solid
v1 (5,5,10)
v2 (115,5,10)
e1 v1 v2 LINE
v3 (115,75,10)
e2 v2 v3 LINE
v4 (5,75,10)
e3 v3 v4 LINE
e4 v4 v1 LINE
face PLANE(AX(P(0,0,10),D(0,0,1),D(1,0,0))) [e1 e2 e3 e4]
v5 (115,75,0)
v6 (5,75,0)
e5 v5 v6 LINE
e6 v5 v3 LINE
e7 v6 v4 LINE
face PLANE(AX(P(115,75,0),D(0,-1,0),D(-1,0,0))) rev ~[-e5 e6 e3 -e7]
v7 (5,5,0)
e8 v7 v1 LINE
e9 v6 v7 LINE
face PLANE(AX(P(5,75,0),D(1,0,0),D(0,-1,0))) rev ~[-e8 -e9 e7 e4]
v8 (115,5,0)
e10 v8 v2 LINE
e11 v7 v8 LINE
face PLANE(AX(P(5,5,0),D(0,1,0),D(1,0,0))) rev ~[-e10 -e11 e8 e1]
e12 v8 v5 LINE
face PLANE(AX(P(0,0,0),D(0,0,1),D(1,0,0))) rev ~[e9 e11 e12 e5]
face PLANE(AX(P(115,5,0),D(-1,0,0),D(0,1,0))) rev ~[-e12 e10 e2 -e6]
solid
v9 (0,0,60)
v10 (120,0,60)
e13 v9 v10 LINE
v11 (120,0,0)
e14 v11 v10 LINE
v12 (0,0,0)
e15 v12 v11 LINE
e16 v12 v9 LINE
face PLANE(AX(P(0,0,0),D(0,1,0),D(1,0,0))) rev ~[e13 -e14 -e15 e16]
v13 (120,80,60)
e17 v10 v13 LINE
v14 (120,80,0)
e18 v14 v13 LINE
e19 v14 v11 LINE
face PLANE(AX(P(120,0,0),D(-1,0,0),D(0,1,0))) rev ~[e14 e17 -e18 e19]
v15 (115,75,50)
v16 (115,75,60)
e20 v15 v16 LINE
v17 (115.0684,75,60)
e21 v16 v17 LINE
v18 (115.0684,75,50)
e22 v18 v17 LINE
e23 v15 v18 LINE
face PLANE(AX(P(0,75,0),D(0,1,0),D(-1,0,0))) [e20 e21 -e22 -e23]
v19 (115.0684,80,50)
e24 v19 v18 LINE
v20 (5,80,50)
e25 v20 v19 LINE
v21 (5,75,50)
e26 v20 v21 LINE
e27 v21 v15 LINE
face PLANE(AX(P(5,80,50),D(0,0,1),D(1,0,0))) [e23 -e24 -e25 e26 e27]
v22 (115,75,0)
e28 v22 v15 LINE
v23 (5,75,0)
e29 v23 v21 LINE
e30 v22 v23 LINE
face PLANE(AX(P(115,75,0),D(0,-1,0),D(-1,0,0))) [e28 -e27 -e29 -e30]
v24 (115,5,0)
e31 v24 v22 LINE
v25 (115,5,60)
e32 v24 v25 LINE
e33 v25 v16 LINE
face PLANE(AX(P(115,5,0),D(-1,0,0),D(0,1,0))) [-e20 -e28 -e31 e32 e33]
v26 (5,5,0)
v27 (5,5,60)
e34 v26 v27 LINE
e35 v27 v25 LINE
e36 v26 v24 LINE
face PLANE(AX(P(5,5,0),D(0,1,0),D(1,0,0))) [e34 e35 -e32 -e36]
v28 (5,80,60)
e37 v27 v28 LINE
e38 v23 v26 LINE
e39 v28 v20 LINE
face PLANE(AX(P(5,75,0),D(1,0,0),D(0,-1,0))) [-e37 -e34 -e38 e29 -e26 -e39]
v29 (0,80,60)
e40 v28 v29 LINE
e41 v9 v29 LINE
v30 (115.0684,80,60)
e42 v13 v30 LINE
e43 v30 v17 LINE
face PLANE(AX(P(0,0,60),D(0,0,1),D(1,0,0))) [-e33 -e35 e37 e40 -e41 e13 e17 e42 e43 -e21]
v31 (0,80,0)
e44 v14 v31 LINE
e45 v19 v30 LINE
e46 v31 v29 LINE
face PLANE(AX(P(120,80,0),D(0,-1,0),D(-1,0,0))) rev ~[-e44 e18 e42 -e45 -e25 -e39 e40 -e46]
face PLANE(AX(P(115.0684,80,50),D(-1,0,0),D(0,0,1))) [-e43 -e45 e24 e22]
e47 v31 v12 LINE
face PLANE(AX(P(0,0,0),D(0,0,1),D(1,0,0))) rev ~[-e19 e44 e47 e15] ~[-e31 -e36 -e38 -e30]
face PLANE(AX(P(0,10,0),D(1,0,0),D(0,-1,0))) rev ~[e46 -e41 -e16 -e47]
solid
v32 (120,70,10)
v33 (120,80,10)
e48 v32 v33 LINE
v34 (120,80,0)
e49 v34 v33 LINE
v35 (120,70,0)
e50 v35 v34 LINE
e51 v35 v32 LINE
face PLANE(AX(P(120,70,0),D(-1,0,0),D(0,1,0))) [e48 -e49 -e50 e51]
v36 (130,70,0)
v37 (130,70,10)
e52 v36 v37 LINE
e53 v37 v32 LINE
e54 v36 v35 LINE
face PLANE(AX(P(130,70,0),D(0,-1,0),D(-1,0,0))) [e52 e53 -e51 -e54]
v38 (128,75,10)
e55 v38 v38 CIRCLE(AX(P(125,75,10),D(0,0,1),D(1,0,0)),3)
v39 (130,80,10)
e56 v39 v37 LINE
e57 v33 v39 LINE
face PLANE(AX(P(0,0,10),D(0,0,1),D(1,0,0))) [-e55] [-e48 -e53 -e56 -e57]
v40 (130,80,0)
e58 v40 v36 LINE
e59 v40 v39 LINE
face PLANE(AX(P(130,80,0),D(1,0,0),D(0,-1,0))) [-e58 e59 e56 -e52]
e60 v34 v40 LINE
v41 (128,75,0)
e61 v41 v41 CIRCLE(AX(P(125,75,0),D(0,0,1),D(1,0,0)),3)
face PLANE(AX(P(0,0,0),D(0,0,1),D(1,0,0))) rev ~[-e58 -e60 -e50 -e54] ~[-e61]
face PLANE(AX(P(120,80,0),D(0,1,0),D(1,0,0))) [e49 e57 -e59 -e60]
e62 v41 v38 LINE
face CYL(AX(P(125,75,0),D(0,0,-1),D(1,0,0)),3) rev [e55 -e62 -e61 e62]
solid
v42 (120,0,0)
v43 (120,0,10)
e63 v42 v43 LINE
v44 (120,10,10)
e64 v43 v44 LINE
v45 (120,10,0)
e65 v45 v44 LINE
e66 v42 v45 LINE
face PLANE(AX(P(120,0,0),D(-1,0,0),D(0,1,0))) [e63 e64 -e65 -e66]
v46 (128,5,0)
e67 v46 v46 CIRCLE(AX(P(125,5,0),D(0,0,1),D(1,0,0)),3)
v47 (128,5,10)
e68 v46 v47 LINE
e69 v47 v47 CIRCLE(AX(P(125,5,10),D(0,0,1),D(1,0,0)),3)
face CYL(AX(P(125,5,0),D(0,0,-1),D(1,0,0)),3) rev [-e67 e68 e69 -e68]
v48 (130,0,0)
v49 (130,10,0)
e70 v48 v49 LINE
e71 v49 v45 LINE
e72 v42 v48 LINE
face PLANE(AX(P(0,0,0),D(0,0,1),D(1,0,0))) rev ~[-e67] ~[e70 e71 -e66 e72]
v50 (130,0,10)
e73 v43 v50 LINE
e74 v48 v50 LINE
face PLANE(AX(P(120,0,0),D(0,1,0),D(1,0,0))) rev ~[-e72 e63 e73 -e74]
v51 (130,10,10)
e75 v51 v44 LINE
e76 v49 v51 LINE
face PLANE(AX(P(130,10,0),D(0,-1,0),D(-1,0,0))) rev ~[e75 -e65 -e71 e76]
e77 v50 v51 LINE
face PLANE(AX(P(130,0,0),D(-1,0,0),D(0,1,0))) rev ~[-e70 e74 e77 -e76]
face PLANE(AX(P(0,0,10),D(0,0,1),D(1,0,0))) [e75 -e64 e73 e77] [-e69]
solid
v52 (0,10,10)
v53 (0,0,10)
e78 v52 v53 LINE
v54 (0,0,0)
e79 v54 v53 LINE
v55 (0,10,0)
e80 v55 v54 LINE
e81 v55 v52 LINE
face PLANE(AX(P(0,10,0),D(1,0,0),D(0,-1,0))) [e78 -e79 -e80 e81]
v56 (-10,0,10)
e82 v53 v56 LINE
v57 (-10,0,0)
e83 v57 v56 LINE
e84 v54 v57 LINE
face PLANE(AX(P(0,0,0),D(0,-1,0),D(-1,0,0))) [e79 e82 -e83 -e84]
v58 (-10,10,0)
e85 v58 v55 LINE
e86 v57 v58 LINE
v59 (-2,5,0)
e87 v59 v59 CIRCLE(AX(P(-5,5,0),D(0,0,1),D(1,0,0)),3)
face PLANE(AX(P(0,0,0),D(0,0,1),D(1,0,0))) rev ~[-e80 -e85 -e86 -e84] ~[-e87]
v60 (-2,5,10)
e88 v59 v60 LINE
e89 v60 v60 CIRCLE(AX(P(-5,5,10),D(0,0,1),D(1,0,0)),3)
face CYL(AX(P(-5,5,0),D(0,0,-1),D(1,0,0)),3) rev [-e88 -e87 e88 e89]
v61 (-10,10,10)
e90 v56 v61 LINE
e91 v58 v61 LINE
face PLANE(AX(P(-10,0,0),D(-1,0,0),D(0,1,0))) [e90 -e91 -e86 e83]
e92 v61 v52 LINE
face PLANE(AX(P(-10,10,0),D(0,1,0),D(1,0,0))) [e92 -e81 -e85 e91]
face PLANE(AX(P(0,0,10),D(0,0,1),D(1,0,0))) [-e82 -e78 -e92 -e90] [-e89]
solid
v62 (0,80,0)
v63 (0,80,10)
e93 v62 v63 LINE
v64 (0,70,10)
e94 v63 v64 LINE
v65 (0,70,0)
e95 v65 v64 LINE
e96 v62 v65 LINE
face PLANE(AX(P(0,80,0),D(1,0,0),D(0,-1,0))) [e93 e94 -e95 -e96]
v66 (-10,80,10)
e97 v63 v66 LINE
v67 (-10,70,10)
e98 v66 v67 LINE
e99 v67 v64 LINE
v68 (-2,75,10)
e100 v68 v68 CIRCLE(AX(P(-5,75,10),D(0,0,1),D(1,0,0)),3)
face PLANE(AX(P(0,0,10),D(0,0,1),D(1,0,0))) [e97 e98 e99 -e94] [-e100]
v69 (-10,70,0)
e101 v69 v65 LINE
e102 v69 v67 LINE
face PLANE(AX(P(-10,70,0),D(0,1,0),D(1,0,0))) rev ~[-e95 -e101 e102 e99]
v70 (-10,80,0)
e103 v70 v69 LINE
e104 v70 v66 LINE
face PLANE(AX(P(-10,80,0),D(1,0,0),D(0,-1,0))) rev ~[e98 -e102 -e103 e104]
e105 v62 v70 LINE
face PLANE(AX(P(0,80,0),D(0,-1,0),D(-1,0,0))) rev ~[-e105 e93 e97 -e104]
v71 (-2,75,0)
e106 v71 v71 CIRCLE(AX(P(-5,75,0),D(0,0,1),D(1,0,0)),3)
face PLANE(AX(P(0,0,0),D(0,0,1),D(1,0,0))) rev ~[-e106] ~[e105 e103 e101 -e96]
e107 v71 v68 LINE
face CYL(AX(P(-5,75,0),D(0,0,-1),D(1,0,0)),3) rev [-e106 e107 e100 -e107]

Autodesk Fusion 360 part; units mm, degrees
sketch "Sketch1" plane through (0, 0, 0) normal (0, 0, 1) x (1, 0, 0)
  line L0 (0, 0) -> (120, 0)
  line L1 (120, 0) -> (120, 80)
  line L2 (120, 80) -> (0, 80)
  line L3 (0, 80) -> (0, 0)
  line L4 (120, 80) -> (130, 80)
  line L5 (130, 80) -> (130, 70)
  line L6 (130, 70) -> (120, 70)
  line L7 (120, 70) -> (120, 80)
  line L8 (120, 0) -> (130, 0)
  line L9 (130, 0) -> (130, 10)
  line L10 (130, 10) -> (120, 10)
  line L11 (120, 10) -> (120, 0)
  line L12 (0, 0) -> (-10, 0)
  line L13 (-10, 0) -> (-10, 10)
  line L14 (-10, 10) -> (0, 10)
  line L15 (0, 10) -> (0, 0)
  line L16 (0, 80) -> (-10, 80)
  line L17 (-10, 80) -> (-10, 70)
  line L18 (-10, 70) -> (0, 70)
  line L19 (0, 70) -> (0, 80)
  circle A0 centre (125, 75) radius 3
  circle A1 centre (125, 5) radius 3
  circle A2 centre (-5, 75) radius 3
  circle A3 centre (-5, 5) radius 3
  line L20 (115, 75) -> (5, 75)
  line L21 (5, 75) -> (5, 5)
  line L22 (5, 5) -> (115, 5)
  line L23 (115, 5) -> (115, 75)
  dimension "d1" = 80
  dimension "d2" = 120
  dimension "d3" = 6
  dimension "d4" = 6
  dimension "d5" = 6
  dimension "d6" = 6
  dimension "d7" = -5
extrude "Extrude2" add sketch "Sketch1" along normal blind 60 contours L0 L1 L2 L3 L7 L11 L15 L19 makes body 1
extrude "Extrude1" add sketch "Sketch1" along normal blind 10 separate body contours L3 L12 L13 L14 L15 | L1 L8 L9 L10 L11 | L3 L16 L17 L18 L19 | L1 L4 L5 L6 L7 | L20 L21 L22 L23 makes body 2 at (123.6314, 2.3304, 3.3333) makes body 3 at (127.6347, 76.4348, 3.3333) makes body 4 at (-2.0037, 4.8505, 6.6667) makes body 5 at (-2.1809, 73.9739, 6.6667) makes body 6 at (41.6667, 28.3333, 0)
sketch "Sketch2" plane through (0, 80, 0) normal (0, 1, 0) x (-1, 0, 0)
  line L0 (-120, 0) -> (0, 0)
  line L1 (0, 0) -> (0, 60)
  line L2 (0, 60) -> (-120, 60)
  line L3 (-120, 60) -> (-120, 0)
  line L4 (-115.0684, 60) -> (-5, 60)
  line L5 (-5, 60) -> (-5, 50)
  line L6 (-5, 50) -> (-115.0684, 50)
  line L7 (-115.0684, 50) -> (-115.0684, 60)
extrude "Extrude3" cut sketch "Sketch2" against normal up to surface (5 mm away) contours L2 L4 L5 L6 L7 bodies 1
sketch "Sketch3" plane through (0, 80, 0) normal (0, 1, 0) x (-1, 0, 0)
  line L0 (-115.0684, 50) -> (-115.0684, 60)
  line L1 (-115.0684, 60) -> (-120, 60)
  line L2 (-120, 60) -> (-120, 0)
  line L3 (-120, 0) -> (0, 0)
  line L4 (0, 0) -> (0, 60)
  line L5 (0, 60) -> (-5, 60)
  line L6 (-5, 60) -> (-5, 50)
  line L7 (-5, 50) -> (-115.0684, 50)
sketch "Sketch4" plane through (0, 0, 60) normal (0, 0, 1) x (-1, 0, 0)
  line L0 (-115.0684, -80) -> (-115.0684, -75)
  line L1 (-115.0684, -75) -> (-115, -75)
  line L2 (-115, -75) -> (-115, -5)
  line L3 (-115, -5) -> (-5, -5)
  line L4 (-5, -5) -> (-5, -80)
  line L5 (-5, -80) -> (0, -80)
  line L6 (0, -80) -> (0, 0)
  line L7 (0, 0) -> (-120, 0)
  line L8 (-120, 0) -> (-120, -80)
  line L9 (-120, -80) -> (-115.0684, -80)
  line L10 (-2.5, -75) -> (-117.5, -75) construction
  line L11 (-117.5, -75) -> (-117.5, -2.5) construction
  line L12 (-117.5, -2.5) -> (-2.5, -2.5) construction
  line L13 (-2.5, -2.5) -> (-2.5, -75) construction
  line L14 (-5, -75) -> (-5, -5) construction
  line L15 (0, 0) -> (-120, 0) construction
  line L16 (-120, 0) -> (-120, -80) construction
  line L17 (-120, -80) -> (0, -80) construction
  circle A0 centre (-2.5, -75) radius 1.5
  circle A1 centre (-2.5, -2.5) radius 1.5
  circle A2 centre (-117.5, -2.5) radius 1.5
  circle A3 centre (-117.5, -75) radius 1.5
  dimension "d15" = 2.5
  dimension "d16" = 2.5
  dimension "d17" = 2.5
  dimension "d18" = 5
  dimension "d19" = 115
  dimension "d20" = 72.5
  dimension "d22" = 3
  dimension "d23" = 3
  dimension "d24" = 3
  dimension "d25" = 3
extrude "Extrude4" [suppressed]
sketch "Sketch5" plane through (0, 0, 10) normal (0, 0, 1) x (-1, 0, 0)
  line L0 (-115, -5) -> (-115, -75)
  line L1 (-115, -75) -> (-5, -75)
  line L2 (-5, -75) -> (-5, -5)
  line L3 (-5, -5) -> (-115, -5)
  line L4 (-10, -10) -> (-110, -10) construction
  line L5 (-110, -10) -> (-110, -70) construction
  line L6 (-110, -70) -> (-10, -70) construction
  line L7 (-10, -70) -> (-10, -10) construction
  line L8 (-10, -60) -> (-110, -60) construction
  line L9 (-10, -50) -> (-110, -50) construction
  line L10 (-10, -40) -> (-110, -40) construction
  line L11 (-10, -30) -> (-110, -30) construction
  line L12 (-10, -20) -> (-110, -20) construction
  circle A0 centre (-10, -60) radius 1.5
  circle A1 centre (-10, -50) radius 1.5
  circle A2 centre (-10, -40) radius 1.5
  circle A3 centre (-10, -30) radius 1.5
  circle A4 centre (-10, -20) radius 1.5
  dimension "d28" = -5
  dimension "d29" = 10
  dimension "d30" = 3
  dimension "d31" = 3
  dimension "d32" = 3
  dimension "d33" = 3
  dimension "d34" = 3
extrude "Extrude5" [suppressed]
pattern_linear "R-Pattern1" [suppressed]
sketch "Sketch6" plane through (120, 0, 0) normal (1, 0, 0) x (0, 1, 0)
  line L0 (0, 0) -> (80, 0)
  line L1 (80, 0) -> (80, 60)
  line L2 (80, 60) -> (0, 60)
  line L3 (0, 60) -> (0, 0)
  circle A0 centre (40, 25) radius 10
  dimension "d41" = 20
extrude "Extrude6" [suppressed]
fillet "Fillet1" [suppressed]
fillet "Fillet2" [suppressed]
